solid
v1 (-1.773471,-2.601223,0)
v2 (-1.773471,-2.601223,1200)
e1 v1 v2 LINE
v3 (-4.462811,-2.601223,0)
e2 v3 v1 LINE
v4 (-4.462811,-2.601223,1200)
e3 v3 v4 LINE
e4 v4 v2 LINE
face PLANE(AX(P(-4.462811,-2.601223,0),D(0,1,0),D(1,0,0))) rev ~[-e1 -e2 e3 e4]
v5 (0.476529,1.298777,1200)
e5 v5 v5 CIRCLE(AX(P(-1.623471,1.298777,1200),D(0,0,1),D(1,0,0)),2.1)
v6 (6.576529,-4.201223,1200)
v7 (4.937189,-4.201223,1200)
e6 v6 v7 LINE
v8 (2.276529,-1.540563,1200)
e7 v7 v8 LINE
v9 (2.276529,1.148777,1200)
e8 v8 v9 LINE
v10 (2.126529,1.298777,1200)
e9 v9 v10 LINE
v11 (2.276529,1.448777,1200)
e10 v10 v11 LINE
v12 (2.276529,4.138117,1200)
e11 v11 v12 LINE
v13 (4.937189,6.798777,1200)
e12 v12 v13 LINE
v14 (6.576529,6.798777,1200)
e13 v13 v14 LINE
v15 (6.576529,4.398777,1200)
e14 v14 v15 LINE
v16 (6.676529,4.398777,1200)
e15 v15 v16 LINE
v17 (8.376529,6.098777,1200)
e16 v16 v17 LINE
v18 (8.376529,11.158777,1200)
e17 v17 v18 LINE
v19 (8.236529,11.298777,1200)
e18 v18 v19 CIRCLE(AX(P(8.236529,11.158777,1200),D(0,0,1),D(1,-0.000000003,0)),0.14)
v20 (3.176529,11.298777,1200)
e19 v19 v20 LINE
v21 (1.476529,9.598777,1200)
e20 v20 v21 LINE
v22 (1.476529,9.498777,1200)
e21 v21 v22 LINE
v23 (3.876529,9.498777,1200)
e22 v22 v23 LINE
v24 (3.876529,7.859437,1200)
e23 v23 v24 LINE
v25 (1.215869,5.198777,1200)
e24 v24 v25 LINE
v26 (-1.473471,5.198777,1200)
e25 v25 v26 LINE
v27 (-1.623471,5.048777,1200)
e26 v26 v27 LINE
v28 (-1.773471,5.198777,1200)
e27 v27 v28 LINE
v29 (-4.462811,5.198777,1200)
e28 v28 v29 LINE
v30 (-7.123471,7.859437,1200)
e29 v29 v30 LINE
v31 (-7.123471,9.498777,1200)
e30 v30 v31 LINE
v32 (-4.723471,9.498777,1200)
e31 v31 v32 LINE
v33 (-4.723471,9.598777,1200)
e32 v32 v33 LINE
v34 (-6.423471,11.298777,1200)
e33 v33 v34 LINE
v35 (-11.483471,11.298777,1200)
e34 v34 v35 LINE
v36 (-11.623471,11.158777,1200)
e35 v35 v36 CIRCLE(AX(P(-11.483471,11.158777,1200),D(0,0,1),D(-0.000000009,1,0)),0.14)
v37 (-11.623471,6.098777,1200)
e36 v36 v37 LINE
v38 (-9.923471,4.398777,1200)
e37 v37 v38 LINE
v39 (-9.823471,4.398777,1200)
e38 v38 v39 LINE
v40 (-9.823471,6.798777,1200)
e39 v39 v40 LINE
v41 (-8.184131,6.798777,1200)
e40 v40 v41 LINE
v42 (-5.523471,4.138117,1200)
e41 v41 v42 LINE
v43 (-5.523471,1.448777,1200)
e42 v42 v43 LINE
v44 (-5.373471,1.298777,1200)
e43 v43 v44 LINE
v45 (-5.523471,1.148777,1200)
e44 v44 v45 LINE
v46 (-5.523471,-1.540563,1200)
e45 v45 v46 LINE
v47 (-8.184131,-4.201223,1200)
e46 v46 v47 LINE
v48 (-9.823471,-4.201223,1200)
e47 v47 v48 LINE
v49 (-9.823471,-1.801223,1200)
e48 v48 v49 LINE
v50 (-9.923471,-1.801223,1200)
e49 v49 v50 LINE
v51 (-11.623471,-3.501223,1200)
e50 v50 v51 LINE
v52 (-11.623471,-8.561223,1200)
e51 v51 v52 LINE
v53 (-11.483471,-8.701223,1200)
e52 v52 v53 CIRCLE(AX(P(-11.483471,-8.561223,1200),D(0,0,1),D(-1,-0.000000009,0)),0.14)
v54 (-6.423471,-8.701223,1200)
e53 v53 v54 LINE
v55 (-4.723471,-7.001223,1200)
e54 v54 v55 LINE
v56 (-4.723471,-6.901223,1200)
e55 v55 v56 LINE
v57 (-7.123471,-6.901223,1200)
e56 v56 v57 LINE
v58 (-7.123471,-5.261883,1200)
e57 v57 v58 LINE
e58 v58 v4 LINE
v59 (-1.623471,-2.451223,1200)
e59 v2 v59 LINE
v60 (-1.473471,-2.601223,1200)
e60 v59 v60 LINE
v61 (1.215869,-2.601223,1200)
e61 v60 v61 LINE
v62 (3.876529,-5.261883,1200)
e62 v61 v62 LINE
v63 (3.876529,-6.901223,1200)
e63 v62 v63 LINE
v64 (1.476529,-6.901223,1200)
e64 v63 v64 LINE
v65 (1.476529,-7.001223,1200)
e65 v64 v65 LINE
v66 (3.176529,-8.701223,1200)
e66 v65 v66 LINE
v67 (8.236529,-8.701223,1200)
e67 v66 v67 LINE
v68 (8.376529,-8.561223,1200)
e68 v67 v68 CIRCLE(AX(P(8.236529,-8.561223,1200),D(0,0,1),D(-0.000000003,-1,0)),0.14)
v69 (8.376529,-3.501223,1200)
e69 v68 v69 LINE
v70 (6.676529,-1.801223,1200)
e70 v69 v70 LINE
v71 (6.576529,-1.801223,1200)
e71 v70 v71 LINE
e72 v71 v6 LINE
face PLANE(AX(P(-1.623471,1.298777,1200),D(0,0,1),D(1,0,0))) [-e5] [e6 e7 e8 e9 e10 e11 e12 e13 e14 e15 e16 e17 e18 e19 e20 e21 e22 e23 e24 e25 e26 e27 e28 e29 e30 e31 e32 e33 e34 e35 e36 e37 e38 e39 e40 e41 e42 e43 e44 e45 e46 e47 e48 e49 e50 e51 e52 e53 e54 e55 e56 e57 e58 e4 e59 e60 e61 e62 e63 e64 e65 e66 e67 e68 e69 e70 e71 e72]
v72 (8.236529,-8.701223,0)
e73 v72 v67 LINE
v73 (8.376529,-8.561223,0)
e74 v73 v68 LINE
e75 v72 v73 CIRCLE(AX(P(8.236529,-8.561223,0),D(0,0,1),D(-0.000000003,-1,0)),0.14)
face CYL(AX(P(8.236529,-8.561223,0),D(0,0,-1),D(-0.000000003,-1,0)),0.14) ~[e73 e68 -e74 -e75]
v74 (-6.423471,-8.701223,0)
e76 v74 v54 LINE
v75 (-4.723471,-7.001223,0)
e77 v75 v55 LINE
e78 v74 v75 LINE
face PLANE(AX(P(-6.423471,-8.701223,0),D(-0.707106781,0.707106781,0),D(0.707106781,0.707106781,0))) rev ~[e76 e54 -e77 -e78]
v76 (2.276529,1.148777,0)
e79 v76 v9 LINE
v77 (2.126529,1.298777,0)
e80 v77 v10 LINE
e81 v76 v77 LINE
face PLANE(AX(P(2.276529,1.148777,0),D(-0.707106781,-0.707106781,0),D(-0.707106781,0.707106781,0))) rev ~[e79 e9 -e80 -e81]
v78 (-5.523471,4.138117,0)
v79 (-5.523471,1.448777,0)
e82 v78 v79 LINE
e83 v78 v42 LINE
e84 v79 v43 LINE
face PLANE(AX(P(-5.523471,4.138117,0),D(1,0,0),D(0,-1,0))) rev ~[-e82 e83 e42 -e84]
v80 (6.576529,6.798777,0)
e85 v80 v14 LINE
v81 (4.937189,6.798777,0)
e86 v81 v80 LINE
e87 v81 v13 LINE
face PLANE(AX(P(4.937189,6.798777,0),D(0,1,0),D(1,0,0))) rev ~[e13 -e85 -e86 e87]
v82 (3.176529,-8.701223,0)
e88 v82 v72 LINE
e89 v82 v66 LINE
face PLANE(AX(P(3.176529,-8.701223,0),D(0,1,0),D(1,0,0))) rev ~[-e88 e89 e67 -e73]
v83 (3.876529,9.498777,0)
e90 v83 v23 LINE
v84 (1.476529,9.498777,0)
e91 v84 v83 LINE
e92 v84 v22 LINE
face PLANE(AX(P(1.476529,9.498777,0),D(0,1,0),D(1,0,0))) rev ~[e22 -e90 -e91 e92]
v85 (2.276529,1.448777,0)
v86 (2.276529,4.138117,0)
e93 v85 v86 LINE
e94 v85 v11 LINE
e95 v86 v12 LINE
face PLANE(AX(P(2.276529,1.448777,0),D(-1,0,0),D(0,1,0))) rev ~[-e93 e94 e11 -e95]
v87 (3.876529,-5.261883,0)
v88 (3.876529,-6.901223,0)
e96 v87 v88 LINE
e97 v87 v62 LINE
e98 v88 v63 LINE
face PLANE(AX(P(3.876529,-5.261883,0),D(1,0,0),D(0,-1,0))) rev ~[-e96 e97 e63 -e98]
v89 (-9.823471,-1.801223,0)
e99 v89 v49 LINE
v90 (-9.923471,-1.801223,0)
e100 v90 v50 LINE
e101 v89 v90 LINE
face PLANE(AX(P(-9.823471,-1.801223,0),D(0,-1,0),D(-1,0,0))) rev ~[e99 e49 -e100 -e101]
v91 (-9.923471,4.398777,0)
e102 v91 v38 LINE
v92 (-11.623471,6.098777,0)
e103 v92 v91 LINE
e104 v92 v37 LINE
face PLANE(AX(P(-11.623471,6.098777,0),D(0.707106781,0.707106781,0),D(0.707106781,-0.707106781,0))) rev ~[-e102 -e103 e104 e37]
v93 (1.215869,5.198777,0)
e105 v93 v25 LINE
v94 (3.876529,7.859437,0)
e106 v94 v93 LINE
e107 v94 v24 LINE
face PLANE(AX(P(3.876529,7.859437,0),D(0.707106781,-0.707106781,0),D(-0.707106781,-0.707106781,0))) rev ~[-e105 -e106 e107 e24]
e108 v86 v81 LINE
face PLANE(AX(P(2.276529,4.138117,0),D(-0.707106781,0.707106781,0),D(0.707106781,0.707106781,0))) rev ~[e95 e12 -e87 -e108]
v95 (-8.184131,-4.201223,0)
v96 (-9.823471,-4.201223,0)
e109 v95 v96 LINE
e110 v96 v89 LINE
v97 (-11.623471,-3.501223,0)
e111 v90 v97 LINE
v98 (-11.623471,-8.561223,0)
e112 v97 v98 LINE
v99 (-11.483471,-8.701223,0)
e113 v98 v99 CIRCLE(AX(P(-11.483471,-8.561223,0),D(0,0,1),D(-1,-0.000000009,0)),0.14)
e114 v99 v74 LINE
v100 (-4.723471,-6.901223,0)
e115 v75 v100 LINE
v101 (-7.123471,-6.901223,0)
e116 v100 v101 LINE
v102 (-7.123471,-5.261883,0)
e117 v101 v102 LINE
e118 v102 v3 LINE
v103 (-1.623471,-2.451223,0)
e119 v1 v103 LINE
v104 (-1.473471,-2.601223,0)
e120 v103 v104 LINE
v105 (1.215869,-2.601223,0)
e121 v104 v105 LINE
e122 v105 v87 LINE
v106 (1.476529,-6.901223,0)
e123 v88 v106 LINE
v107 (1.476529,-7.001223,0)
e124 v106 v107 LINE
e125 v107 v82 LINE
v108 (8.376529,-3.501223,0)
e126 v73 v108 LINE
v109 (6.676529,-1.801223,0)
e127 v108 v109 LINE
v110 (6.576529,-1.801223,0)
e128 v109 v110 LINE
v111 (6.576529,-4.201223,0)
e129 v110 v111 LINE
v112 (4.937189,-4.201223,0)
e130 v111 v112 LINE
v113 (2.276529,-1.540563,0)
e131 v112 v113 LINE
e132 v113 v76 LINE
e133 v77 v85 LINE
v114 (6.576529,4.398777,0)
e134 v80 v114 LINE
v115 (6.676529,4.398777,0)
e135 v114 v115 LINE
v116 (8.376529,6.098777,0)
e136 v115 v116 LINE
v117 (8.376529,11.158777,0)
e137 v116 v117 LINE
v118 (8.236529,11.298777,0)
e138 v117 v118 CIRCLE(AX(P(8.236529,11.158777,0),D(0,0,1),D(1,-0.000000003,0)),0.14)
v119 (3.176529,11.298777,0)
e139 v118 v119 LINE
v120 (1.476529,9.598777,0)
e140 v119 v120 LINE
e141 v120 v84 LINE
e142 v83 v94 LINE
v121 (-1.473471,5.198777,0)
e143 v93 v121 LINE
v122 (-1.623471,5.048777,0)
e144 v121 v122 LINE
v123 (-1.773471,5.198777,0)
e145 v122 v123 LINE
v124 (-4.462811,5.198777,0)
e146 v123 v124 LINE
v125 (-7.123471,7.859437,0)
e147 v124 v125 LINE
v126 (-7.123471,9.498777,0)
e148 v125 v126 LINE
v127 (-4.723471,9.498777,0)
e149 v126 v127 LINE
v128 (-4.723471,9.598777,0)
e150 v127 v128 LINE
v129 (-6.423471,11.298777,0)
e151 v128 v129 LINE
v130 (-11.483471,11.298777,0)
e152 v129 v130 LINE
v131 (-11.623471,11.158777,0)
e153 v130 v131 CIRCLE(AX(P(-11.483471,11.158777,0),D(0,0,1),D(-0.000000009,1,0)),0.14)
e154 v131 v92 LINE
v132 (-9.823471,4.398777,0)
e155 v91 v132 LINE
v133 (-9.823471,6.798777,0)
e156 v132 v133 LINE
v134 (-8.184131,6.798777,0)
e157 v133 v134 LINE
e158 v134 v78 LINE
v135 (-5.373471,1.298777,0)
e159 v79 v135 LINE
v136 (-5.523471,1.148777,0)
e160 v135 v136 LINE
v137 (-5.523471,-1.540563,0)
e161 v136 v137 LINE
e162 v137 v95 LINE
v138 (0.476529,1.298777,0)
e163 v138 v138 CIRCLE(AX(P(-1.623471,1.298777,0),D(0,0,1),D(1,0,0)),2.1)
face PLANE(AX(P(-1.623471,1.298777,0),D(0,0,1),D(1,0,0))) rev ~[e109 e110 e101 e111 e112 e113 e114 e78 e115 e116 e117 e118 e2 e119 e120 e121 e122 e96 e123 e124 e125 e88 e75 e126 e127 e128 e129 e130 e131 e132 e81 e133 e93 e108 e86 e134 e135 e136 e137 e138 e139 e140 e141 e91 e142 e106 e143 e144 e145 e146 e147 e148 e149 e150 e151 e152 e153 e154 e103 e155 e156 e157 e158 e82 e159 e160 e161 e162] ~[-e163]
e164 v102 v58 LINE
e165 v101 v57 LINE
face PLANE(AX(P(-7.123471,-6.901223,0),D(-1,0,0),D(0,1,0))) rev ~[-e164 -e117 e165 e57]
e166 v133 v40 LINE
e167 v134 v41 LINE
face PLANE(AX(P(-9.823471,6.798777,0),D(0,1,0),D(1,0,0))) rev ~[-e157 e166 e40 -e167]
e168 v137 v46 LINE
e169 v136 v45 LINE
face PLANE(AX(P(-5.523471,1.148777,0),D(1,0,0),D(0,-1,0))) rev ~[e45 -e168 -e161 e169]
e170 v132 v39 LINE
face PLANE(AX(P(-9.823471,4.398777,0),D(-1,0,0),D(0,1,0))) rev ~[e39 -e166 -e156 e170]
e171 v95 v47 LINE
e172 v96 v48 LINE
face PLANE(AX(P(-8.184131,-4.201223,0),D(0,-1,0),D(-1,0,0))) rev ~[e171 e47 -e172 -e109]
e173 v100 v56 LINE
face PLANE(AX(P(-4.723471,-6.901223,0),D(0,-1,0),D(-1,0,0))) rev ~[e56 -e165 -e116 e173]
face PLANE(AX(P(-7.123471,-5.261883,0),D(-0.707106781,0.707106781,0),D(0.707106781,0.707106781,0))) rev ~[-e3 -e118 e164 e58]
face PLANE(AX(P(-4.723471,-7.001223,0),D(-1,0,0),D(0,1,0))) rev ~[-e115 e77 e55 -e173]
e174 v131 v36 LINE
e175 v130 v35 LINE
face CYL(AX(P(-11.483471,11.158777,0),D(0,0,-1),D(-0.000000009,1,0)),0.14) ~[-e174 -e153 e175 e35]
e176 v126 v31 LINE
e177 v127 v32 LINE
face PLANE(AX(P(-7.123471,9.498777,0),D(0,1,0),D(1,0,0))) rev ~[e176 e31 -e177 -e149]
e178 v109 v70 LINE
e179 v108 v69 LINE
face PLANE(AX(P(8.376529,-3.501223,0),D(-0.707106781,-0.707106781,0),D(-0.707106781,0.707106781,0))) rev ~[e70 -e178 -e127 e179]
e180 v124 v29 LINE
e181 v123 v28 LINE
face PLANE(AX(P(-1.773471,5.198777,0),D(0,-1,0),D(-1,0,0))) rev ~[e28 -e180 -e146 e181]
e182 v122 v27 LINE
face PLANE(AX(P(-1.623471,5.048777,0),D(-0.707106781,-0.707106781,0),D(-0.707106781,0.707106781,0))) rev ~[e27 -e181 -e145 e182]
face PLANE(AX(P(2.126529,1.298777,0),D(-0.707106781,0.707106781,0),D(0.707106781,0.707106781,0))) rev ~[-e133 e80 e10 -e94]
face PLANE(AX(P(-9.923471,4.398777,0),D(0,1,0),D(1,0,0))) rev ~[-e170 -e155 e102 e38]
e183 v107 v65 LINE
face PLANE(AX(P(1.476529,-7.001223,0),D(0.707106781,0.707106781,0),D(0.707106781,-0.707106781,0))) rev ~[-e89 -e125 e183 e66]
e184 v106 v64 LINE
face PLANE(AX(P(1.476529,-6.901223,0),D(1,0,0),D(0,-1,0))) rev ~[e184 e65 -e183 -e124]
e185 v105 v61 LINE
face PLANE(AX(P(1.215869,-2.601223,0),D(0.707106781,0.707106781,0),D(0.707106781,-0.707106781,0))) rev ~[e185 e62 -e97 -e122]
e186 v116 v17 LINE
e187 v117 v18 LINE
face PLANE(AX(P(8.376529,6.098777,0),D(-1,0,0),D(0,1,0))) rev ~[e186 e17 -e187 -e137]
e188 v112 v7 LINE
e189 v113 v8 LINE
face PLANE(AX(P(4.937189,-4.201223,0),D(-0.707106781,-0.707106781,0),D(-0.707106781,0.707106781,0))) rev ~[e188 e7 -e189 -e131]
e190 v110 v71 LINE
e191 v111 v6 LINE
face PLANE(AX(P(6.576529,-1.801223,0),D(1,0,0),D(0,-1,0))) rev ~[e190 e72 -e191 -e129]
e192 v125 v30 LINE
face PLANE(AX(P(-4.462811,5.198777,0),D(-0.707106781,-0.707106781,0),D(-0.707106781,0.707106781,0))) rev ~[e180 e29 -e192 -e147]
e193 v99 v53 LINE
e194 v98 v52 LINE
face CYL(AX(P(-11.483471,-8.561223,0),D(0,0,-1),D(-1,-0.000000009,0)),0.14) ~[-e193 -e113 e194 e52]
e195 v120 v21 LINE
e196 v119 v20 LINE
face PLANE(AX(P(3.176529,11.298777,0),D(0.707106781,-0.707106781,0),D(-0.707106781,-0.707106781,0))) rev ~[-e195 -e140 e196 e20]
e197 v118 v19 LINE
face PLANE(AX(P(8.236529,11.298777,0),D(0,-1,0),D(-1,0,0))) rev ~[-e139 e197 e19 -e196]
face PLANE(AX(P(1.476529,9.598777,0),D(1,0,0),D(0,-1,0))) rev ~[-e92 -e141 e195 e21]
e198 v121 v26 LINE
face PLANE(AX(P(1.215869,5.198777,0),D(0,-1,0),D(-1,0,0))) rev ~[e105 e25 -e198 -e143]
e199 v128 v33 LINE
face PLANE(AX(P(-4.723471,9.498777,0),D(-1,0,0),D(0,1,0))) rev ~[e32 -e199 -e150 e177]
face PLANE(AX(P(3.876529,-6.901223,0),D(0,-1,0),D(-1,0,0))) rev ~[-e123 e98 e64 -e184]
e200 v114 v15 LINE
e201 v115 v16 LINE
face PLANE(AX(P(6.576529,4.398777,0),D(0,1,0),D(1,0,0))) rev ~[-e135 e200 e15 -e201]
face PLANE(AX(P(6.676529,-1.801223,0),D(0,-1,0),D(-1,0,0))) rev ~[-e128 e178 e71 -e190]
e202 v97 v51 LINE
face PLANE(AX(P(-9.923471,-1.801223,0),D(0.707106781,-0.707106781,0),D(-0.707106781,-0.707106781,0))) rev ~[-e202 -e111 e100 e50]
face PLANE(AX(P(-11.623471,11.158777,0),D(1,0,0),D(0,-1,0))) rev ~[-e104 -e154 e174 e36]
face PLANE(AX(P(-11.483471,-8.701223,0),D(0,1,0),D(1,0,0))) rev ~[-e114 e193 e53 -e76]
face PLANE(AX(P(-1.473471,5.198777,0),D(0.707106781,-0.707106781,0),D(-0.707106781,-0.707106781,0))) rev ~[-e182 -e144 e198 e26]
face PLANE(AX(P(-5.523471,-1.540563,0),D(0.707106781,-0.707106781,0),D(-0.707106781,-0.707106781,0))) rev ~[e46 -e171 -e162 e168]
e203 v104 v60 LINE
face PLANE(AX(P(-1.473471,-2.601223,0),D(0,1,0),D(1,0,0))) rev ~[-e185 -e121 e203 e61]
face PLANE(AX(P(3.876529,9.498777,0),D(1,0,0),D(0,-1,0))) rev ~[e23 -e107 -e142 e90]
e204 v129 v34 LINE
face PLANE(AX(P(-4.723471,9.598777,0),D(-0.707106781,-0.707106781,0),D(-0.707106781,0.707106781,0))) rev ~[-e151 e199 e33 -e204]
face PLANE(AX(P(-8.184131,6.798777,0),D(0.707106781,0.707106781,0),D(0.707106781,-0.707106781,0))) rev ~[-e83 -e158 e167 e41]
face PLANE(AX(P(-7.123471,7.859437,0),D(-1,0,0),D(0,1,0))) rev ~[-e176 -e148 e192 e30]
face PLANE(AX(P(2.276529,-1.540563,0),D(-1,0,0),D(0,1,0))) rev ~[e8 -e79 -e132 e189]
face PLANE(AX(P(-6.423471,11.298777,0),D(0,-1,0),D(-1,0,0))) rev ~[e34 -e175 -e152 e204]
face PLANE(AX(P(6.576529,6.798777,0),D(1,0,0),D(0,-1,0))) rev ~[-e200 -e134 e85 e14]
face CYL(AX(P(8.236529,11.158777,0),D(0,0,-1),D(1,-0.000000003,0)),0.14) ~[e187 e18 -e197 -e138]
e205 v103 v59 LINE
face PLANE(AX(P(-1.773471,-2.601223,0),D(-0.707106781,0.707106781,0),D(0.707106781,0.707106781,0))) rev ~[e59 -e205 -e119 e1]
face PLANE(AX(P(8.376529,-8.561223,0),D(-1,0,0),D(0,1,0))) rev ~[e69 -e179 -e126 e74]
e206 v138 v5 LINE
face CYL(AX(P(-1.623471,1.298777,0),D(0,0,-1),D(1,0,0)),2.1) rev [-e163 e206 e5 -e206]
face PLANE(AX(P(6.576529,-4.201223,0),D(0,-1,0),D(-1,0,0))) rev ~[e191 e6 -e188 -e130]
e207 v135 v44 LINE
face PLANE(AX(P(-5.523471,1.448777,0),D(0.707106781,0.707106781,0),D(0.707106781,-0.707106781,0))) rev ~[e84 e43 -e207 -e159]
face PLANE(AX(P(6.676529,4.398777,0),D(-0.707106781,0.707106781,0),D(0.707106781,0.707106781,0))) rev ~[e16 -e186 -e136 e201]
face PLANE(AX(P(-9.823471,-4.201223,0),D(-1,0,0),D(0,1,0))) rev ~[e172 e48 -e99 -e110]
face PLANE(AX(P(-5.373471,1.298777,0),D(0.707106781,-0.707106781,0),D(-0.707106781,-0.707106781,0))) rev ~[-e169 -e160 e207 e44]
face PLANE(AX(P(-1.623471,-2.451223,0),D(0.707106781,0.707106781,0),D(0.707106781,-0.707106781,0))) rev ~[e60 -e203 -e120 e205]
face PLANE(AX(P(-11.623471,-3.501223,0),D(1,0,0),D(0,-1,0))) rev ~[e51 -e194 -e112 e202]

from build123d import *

# Parameters (mm, degrees)
SKETCH1_R           = 2.1
BOSS_EXTRUDE1_DEPTH = 1200


with BuildPart() as part:
    # Sketch1 → Boss-Extrude1 (new body)
    with BuildSketch(Plane.XY):
        with BuildLine():
            Line((-11.623471319, -3.501222945), (-11.623471319, -8.561222945))
            ThreePointArc((-11.623471319, -8.561222945), (-11.582466268, -8.660217894), (-11.483471319, -8.701222945))
            Line((-11.483471319, -8.701222945), (-6.423471319, -8.701222945))
            Line((-6.423471319, -8.701222945), (-4.723471319, -7.001222945))
            Line((-4.723471319, -7.001222945), (-4.723471319, -6.901222945))
            Line((-4.723471319, -6.901222945), (-7.123471319, -6.901222945))
            Line((-7.123471319, -6.901222945), (-7.123471319, -5.261883117))
            Line((-7.123471319, -5.261883117), (-4.462811147, -2.601222945))
            Line((-4.462811147, -2.601222945), (-1.773471319, -2.601222945))
            Line((-1.773471319, -2.601222945), (-1.623471319, -2.451222945))
            Line((-1.623471319, -2.451222945), (-1.473471319, -2.601222945))
            Line((-1.473471319, -2.601222945), (1.215868509, -2.601222945))
            Line((1.215868509, -2.601222945), (3.876528681, -5.261883117))
            Line((3.876528681, -5.261883117), (3.876528681, -6.901222945))
            Line((3.876528681, -6.901222945), (1.476528681, -6.901222945))
            Line((1.476528681, -6.901222945), (1.476528681, -7.001222945))
            Line((1.476528681, -7.001222945), (3.176528681, -8.701222945))
            Line((3.176528681, -8.701222945), (8.236528681, -8.701222945))
            ThreePointArc((8.236528681, -8.701222945), (8.335523631, -8.660217894), (8.376528681, -8.561222945))
            Line((8.376528681, -8.561222945), (8.376528681, -3.501222945))
            Line((8.376528681, -3.501222945), (6.676528681, -1.801222945))
            Line((6.676528681, -1.801222945), (6.576528681, -1.801222945))
            Line((6.576528681, -1.801222945), (6.576528681, -4.201222945))
            Line((6.576528681, -4.201222945), (4.937188853, -4.201222945))
            Line((4.937188853, -4.201222945), (2.276528681, -1.540562773))
            Line((2.276528681, -1.540562773), (2.276528681, 1.148777055))
            Line((2.276528681, 1.148777055), (2.126528681, 1.298777055))
            Line((2.126528681, 1.298777055), (2.276528681, 1.448777055))
            Line((2.276528681, 1.448777055), (2.276528681, 4.138116883))
            Line((2.276528681, 4.138116883), (4.937188853, 6.798777055))
            Line((4.937188853, 6.798777055), (6.576528681, 6.798777055))
            Line((6.576528681, 6.798777055), (6.576528681, 4.398777055))
            Line((6.576528681, 4.398777055), (6.676528681, 4.398777055))
            Line((6.676528681, 4.398777055), (8.376528681, 6.098777055))
            Line((8.376528681, 6.098777055), (8.376528681, 11.158777055))
            ThreePointArc((8.376528681, 11.158777055), (8.335523631, 11.257772004), (8.236528681, 11.298777055))
            Line((8.236528681, 11.298777055), (3.176528681, 11.298777055))
            Line((3.176528681, 11.298777055), (1.476528681, 9.598777055))
            Line((1.476528681, 9.598777055), (1.476528681, 9.498777055))
            Line((1.476528681, 9.498777055), (3.876528681, 9.498777055))
            Line((3.876528681, 9.498777055), (3.876528681, 7.859437227))
            Line((3.876528681, 7.859437227), (1.215868509, 5.198777055))
            Line((1.215868509, 5.198777055), (-1.473471319, 5.198777055))
            Line((-1.473471319, 5.198777055), (-1.623471319, 5.048777055))
            Line((-1.623471319, 5.048777055), (-1.773471319, 5.198777055))
            Line((-1.773471319, 5.198777055), (-4.462811147, 5.198777055))
            Line((-4.462811147, 5.198777055), (-7.123471319, 7.859437227))
            Line((-7.123471319, 7.859437227), (-7.123471319, 9.498777055))
            Line((-7.123471319, 9.498777055), (-4.723471319, 9.498777055))
            Line((-4.723471319, 9.498777055), (-4.723471319, 9.598777055))
            Line((-4.723471319, 9.598777055), (-6.423471319, 11.298777055))
            Line((-6.423471319, 11.298777055), (-11.483471319, 11.298777055))
            ThreePointArc((-11.483471319, 11.298777055), (-11.582466268, 11.257772004), (-11.623471319, 11.158777055))
            Line((-11.623471319, 11.158777055), (-11.623471319, 6.098777055))
            Line((-11.623471319, 6.098777055), (-9.923471319, 4.398777055))
            Line((-9.923471319, 4.398777055), (-9.823471319, 4.398777055))
            Line((-9.823471319, 4.398777055), (-9.823471319, 6.798777055))
            Line((-9.823471319, 6.798777055), (-8.184131491, 6.798777055))
            Line((-8.184131491, 6.798777055), (-5.523471319, 4.138116883))
            Line((-5.523471319, 4.138116883), (-5.523471319, 1.448777055))
            Line((-5.523471319, 1.448777055), (-5.373471319, 1.298777055))
            Line((-5.373471319, 1.298777055), (-5.523471319, 1.148777055))
            Line((-5.523471319, 1.148777055), (-5.523471319, -1.540562773))
            Line((-5.523471319, -1.540562773), (-8.184131491, -4.201222945))
            Line((-8.184131491, -4.201222945), (-9.823471319, -4.201222945))
            Line((-9.823471319, -4.201222945), (-9.823471319, -1.801222945))
            Line((-9.823471319, -1.801222945), (-9.923471319, -1.801222945))
            Line((-9.923471319, -1.801222945), (-11.623471319, -3.501222945))
        make_face()
        with Locations((-1.623471319, 1.298777055)):
            Circle(SKETCH1_R, mode=Mode.SUBTRACT)
    extrude(amount=BOSS_EXTRUDE1_DEPTH)


solid = part.part
